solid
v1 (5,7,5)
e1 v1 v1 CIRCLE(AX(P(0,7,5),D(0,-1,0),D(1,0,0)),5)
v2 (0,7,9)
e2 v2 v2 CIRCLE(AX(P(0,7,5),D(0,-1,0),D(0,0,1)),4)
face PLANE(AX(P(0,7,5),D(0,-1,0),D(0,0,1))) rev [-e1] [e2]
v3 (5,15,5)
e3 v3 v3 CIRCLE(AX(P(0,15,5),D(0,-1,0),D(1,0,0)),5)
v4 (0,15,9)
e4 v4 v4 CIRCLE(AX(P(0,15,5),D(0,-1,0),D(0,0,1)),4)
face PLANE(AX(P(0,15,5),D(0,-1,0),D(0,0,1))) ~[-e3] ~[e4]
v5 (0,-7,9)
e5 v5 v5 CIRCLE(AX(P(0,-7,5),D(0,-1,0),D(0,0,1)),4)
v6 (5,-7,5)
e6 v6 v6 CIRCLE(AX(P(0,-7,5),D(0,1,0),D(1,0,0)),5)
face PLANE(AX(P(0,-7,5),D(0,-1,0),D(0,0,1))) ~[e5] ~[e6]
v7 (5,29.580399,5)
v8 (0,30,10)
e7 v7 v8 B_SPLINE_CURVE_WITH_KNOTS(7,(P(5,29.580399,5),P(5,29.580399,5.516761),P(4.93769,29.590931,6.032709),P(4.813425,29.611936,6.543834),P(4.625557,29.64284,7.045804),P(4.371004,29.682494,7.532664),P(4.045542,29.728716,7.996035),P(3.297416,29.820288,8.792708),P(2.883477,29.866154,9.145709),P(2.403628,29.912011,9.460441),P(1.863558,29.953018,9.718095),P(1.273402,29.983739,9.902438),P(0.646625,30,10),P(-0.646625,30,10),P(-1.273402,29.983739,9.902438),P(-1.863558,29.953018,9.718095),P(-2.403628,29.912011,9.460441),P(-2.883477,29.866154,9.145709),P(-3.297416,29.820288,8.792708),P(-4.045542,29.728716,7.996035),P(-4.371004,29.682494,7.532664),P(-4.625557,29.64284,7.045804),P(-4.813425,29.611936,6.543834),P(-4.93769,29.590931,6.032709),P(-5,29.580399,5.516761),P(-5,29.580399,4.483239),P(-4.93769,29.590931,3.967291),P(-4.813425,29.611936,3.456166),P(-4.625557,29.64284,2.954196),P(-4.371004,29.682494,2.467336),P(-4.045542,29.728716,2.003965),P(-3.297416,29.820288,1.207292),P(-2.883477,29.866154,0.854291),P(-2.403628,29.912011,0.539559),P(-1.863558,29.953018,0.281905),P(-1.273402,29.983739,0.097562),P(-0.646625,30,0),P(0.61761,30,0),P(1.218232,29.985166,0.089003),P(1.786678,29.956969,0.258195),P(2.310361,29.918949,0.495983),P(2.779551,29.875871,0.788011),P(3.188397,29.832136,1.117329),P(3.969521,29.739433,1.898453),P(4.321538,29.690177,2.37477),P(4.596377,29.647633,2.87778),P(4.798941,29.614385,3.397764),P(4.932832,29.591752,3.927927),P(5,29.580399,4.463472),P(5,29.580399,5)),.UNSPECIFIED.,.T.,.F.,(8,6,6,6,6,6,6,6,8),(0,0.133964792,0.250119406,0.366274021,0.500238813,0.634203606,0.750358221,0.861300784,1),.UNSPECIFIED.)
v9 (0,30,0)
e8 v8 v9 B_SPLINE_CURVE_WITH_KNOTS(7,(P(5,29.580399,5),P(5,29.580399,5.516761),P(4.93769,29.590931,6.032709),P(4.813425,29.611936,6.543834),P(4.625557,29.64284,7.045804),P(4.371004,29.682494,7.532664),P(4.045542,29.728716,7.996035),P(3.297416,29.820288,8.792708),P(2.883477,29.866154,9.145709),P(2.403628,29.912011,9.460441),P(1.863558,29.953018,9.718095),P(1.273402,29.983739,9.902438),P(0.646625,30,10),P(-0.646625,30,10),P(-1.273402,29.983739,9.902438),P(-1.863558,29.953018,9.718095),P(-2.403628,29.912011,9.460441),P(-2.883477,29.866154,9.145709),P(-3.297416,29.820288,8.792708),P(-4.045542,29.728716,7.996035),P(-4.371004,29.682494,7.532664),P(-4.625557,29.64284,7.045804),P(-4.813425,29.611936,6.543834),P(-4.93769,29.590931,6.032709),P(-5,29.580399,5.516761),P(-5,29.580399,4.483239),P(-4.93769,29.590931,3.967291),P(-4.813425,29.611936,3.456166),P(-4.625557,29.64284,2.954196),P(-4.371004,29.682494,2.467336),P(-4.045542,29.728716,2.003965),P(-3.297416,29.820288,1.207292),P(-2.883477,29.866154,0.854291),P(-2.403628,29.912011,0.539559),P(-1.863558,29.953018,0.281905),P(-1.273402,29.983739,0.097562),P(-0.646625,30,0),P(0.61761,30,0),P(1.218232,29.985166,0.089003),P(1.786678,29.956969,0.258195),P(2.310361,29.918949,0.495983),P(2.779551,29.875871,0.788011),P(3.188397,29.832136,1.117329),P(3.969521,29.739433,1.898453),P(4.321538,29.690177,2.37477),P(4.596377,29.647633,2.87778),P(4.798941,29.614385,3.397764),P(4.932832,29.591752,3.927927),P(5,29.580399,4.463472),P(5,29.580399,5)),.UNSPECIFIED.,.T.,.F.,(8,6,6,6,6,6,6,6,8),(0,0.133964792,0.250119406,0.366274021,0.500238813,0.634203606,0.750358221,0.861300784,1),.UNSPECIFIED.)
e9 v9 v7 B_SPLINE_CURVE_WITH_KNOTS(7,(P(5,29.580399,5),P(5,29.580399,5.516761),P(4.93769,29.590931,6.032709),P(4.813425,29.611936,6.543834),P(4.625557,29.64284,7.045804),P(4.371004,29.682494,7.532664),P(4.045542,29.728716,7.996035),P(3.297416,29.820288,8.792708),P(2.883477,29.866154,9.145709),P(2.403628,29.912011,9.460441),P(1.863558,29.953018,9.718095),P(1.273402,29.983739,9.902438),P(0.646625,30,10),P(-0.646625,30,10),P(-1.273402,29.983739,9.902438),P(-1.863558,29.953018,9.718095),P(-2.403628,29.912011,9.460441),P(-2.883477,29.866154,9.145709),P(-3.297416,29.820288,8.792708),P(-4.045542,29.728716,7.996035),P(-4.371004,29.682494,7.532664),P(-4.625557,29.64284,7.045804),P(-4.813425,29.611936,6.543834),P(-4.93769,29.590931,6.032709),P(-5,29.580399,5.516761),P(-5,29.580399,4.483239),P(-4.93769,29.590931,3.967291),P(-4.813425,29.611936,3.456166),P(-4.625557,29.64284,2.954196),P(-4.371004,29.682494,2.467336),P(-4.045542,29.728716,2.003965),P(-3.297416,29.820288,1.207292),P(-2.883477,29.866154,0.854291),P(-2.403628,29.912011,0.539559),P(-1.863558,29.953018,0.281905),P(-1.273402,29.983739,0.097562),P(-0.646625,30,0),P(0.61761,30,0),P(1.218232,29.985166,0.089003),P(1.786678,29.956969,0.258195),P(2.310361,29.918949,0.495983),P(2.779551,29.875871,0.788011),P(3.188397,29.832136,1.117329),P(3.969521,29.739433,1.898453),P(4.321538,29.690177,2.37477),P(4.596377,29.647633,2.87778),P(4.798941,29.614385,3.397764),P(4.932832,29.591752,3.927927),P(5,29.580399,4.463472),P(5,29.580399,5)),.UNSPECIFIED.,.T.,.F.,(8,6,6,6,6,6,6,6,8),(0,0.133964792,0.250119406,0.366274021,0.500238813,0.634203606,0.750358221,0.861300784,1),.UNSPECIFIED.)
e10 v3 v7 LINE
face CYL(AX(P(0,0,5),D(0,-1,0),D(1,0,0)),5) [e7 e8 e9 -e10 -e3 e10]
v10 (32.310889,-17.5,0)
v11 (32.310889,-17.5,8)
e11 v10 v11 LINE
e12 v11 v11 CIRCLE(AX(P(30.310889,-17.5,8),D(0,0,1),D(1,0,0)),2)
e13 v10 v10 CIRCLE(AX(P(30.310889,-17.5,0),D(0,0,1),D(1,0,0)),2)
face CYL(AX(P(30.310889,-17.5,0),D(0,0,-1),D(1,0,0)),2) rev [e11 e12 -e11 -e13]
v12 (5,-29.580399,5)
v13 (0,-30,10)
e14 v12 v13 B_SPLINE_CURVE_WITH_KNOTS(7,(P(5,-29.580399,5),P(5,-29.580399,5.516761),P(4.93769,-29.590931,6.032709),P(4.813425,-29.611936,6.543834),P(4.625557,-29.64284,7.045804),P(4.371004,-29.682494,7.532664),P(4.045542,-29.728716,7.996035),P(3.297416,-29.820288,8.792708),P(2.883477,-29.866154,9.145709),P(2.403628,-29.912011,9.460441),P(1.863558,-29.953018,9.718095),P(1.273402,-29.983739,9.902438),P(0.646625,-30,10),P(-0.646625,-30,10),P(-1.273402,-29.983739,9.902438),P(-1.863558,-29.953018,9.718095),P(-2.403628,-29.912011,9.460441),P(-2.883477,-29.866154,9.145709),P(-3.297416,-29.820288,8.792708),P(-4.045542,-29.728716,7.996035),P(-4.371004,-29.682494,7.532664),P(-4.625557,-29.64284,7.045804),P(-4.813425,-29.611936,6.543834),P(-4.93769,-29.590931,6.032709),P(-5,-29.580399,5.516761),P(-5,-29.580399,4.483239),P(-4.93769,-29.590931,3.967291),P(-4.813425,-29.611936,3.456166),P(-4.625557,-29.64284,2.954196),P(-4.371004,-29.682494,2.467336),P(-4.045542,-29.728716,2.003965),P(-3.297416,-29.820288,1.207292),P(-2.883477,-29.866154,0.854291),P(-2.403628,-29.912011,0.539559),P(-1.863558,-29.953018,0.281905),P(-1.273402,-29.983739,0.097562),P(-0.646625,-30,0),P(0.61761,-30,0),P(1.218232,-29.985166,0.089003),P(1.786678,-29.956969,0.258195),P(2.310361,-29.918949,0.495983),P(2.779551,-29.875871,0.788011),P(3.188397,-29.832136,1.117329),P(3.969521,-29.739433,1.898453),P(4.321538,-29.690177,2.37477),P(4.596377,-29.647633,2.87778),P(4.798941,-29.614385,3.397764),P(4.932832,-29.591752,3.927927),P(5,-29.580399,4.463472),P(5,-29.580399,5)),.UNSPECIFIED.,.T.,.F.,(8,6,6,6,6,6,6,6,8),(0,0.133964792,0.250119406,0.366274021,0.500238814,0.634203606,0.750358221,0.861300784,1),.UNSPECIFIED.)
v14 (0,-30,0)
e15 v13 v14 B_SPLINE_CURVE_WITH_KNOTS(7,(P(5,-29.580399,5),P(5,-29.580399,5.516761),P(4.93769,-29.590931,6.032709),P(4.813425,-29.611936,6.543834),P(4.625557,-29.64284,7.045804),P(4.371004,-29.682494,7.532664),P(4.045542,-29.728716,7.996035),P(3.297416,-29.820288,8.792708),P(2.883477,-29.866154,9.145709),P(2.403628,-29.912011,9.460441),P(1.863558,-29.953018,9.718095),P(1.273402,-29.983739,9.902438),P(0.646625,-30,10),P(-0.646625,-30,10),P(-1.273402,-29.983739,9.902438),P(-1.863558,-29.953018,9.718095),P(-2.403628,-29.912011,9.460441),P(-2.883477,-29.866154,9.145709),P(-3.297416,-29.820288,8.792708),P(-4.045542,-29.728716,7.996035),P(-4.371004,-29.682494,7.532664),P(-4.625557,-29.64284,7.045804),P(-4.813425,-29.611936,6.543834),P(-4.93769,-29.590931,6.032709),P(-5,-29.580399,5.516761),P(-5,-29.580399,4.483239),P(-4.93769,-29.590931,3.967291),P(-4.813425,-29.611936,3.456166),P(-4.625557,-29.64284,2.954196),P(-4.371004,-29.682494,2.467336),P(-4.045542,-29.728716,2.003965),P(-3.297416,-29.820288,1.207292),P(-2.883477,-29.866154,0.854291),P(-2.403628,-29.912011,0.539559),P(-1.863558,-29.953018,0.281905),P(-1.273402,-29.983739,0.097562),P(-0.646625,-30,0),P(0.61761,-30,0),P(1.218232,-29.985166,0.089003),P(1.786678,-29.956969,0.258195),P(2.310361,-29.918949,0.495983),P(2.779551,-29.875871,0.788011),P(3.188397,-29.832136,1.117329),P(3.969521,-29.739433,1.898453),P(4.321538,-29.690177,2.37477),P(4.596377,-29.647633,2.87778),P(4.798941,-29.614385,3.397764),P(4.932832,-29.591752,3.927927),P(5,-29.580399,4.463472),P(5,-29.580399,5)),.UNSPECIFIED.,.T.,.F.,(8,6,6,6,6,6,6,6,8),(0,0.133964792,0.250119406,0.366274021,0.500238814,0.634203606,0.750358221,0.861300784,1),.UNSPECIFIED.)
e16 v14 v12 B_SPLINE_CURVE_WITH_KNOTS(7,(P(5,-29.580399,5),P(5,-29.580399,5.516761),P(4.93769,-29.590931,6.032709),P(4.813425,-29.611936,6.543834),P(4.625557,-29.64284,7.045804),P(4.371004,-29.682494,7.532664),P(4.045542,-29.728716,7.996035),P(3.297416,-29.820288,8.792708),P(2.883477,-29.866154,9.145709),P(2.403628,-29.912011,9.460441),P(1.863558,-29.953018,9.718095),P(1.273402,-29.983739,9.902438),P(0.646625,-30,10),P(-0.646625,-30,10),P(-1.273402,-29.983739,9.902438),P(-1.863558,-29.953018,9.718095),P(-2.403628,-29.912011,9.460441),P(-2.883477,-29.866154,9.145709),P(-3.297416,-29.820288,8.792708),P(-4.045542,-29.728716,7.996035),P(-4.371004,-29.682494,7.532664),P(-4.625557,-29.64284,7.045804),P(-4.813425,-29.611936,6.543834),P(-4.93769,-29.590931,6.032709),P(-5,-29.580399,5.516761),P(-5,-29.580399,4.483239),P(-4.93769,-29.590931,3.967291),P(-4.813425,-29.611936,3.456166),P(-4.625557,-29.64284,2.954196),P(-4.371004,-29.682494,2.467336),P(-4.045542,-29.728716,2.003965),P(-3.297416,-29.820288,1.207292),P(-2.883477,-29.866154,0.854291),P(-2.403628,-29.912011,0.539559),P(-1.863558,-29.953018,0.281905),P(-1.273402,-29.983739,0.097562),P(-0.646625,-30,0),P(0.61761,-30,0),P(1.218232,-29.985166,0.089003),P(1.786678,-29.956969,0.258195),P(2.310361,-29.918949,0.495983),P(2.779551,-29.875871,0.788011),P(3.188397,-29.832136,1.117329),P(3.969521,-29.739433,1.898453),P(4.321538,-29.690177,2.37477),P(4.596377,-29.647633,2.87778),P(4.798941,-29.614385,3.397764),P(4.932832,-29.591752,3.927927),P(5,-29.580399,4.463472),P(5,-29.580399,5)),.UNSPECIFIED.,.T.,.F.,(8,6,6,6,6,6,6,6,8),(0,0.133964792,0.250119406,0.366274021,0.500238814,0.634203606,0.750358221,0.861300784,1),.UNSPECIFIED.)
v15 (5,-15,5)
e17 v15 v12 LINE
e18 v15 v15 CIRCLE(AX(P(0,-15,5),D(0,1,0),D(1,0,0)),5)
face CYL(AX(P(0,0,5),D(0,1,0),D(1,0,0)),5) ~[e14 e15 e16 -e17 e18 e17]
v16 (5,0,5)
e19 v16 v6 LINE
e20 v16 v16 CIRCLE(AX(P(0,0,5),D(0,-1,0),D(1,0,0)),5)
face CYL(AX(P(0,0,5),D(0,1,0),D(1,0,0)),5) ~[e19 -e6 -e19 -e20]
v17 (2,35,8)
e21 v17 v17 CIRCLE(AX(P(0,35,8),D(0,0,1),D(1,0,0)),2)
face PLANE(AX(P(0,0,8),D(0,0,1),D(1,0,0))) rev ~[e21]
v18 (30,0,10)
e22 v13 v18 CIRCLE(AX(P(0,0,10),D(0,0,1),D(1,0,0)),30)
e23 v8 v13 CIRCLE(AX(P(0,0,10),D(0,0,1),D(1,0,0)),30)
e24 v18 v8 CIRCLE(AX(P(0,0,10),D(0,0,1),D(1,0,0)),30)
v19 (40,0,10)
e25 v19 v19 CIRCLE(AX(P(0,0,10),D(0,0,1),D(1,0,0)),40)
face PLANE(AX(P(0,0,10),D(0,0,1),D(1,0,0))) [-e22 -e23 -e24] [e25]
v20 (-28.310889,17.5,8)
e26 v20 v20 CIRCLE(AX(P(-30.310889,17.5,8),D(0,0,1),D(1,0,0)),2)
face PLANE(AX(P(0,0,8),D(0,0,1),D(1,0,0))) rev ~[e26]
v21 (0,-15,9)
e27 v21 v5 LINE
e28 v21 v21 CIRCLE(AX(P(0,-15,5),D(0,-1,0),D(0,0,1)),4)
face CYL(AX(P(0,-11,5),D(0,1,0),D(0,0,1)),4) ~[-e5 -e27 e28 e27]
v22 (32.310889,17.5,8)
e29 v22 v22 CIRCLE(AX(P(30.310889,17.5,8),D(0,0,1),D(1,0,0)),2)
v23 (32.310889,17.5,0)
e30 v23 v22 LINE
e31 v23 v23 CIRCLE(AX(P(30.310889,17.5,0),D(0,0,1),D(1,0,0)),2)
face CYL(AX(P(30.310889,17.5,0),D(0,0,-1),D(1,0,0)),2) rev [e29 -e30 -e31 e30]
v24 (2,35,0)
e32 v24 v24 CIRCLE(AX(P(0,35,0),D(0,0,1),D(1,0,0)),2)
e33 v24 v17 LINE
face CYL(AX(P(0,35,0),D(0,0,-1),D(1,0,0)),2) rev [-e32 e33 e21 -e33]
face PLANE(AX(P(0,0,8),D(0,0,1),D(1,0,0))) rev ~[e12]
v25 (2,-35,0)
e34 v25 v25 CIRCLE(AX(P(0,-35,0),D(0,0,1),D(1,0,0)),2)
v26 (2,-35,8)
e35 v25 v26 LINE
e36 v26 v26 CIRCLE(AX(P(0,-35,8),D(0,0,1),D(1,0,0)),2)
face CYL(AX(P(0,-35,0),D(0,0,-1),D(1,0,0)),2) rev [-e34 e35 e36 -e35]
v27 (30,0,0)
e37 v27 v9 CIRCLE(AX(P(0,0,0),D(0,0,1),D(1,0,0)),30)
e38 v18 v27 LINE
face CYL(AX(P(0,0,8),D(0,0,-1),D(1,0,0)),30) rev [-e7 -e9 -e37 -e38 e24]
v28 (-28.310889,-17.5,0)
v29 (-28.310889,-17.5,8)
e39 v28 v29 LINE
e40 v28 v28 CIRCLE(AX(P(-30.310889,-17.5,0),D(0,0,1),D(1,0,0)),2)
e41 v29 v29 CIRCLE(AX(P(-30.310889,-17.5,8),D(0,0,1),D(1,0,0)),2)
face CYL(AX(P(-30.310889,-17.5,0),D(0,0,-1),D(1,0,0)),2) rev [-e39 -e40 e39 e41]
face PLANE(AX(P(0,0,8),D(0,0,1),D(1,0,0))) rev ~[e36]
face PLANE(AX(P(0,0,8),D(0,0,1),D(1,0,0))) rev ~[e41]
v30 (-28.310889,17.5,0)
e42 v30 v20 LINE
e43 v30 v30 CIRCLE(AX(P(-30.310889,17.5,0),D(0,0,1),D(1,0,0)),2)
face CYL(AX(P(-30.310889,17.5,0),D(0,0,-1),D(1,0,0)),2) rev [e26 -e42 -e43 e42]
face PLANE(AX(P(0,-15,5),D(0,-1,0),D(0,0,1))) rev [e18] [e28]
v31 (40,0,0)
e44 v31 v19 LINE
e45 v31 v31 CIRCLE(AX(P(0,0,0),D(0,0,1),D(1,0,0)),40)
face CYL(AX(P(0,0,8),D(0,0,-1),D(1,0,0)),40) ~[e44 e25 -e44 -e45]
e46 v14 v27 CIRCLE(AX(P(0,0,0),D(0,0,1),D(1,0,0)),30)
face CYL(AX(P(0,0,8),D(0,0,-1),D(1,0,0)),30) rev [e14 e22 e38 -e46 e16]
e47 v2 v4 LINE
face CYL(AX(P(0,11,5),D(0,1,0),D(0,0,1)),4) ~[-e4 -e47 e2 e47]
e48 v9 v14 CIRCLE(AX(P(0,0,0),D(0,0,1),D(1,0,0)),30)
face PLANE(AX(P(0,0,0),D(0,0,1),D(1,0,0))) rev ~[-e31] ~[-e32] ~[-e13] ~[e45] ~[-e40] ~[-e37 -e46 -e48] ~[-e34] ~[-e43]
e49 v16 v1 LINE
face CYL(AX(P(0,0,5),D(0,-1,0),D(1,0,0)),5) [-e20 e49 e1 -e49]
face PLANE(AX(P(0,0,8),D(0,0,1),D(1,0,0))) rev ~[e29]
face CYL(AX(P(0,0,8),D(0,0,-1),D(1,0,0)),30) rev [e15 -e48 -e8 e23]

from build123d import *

# Parameters (mm, degrees)
F0_R          = 40
F0_R_2        = 2
F0_R_3        = 30
F1_DEPTH      = 8
F2_R          = 40
F2_R_2        = 30
F3_DEPTH      = 2
F4_R          = 5
F5_DEPTH      = 30
F5_DEPTH_BACK = 30
F6_W          = 8
F6_H          = 1


with BuildPart() as f1:
    # F0 (on Top) → F1 (new body)
    with BuildSketch(Plane.XY):
        Circle(F0_R)
        with Locations((-30.310889, -17.5)):
            Circle(F0_R_2, mode=Mode.SUBTRACT)
        with Locations((0, -35)):
            Circle(F0_R_2, mode=Mode.SUBTRACT)
        with Locations((30.310889, -17.5)):
            Circle(F0_R_2, mode=Mode.SUBTRACT)
        with Locations((-30.310889, 17.5)):
            Circle(F0_R_2, mode=Mode.SUBTRACT)
        Circle(F0_R_3, mode=Mode.SUBTRACT)
        with Locations((30.310889, 17.5)):
            Circle(F0_R_2, mode=Mode.SUBTRACT)
        with Locations((0, 35)):
            Circle(F0_R_2, mode=Mode.SUBTRACT)
    extrude(amount=F1_DEPTH)

    # F2 (on face) → F3 (join)
    with BuildSketch(Plane.XY.offset(8)):
        Circle(F2_R)
        Circle(F2_R_2, mode=Mode.SUBTRACT)
    extrude(amount=F3_DEPTH)

    # F4 (on Front) → F5 (join, two sides)
    with BuildSketch(Plane.XZ) as f5_sk:
        with Locations((0, 5)):
            Circle(F4_R)
    extrude(amount=F5_DEPTH)
    extrude(f5_sk.sketch, amount=-F5_DEPTH_BACK)

    # F6 (on Right) → F7 (revolve, cut)
    with BuildSketch(Plane.YZ):
        with Locations((11, 9.5)):
            Rectangle(F6_W, F6_H)
        with Locations((-11, 9.5)):
            Rectangle(F6_W, F6_H)
    revolve(axis=Axis((0, 0, 5), (0, -1, 0)), mode=Mode.SUBTRACT)


solid = f1.part
